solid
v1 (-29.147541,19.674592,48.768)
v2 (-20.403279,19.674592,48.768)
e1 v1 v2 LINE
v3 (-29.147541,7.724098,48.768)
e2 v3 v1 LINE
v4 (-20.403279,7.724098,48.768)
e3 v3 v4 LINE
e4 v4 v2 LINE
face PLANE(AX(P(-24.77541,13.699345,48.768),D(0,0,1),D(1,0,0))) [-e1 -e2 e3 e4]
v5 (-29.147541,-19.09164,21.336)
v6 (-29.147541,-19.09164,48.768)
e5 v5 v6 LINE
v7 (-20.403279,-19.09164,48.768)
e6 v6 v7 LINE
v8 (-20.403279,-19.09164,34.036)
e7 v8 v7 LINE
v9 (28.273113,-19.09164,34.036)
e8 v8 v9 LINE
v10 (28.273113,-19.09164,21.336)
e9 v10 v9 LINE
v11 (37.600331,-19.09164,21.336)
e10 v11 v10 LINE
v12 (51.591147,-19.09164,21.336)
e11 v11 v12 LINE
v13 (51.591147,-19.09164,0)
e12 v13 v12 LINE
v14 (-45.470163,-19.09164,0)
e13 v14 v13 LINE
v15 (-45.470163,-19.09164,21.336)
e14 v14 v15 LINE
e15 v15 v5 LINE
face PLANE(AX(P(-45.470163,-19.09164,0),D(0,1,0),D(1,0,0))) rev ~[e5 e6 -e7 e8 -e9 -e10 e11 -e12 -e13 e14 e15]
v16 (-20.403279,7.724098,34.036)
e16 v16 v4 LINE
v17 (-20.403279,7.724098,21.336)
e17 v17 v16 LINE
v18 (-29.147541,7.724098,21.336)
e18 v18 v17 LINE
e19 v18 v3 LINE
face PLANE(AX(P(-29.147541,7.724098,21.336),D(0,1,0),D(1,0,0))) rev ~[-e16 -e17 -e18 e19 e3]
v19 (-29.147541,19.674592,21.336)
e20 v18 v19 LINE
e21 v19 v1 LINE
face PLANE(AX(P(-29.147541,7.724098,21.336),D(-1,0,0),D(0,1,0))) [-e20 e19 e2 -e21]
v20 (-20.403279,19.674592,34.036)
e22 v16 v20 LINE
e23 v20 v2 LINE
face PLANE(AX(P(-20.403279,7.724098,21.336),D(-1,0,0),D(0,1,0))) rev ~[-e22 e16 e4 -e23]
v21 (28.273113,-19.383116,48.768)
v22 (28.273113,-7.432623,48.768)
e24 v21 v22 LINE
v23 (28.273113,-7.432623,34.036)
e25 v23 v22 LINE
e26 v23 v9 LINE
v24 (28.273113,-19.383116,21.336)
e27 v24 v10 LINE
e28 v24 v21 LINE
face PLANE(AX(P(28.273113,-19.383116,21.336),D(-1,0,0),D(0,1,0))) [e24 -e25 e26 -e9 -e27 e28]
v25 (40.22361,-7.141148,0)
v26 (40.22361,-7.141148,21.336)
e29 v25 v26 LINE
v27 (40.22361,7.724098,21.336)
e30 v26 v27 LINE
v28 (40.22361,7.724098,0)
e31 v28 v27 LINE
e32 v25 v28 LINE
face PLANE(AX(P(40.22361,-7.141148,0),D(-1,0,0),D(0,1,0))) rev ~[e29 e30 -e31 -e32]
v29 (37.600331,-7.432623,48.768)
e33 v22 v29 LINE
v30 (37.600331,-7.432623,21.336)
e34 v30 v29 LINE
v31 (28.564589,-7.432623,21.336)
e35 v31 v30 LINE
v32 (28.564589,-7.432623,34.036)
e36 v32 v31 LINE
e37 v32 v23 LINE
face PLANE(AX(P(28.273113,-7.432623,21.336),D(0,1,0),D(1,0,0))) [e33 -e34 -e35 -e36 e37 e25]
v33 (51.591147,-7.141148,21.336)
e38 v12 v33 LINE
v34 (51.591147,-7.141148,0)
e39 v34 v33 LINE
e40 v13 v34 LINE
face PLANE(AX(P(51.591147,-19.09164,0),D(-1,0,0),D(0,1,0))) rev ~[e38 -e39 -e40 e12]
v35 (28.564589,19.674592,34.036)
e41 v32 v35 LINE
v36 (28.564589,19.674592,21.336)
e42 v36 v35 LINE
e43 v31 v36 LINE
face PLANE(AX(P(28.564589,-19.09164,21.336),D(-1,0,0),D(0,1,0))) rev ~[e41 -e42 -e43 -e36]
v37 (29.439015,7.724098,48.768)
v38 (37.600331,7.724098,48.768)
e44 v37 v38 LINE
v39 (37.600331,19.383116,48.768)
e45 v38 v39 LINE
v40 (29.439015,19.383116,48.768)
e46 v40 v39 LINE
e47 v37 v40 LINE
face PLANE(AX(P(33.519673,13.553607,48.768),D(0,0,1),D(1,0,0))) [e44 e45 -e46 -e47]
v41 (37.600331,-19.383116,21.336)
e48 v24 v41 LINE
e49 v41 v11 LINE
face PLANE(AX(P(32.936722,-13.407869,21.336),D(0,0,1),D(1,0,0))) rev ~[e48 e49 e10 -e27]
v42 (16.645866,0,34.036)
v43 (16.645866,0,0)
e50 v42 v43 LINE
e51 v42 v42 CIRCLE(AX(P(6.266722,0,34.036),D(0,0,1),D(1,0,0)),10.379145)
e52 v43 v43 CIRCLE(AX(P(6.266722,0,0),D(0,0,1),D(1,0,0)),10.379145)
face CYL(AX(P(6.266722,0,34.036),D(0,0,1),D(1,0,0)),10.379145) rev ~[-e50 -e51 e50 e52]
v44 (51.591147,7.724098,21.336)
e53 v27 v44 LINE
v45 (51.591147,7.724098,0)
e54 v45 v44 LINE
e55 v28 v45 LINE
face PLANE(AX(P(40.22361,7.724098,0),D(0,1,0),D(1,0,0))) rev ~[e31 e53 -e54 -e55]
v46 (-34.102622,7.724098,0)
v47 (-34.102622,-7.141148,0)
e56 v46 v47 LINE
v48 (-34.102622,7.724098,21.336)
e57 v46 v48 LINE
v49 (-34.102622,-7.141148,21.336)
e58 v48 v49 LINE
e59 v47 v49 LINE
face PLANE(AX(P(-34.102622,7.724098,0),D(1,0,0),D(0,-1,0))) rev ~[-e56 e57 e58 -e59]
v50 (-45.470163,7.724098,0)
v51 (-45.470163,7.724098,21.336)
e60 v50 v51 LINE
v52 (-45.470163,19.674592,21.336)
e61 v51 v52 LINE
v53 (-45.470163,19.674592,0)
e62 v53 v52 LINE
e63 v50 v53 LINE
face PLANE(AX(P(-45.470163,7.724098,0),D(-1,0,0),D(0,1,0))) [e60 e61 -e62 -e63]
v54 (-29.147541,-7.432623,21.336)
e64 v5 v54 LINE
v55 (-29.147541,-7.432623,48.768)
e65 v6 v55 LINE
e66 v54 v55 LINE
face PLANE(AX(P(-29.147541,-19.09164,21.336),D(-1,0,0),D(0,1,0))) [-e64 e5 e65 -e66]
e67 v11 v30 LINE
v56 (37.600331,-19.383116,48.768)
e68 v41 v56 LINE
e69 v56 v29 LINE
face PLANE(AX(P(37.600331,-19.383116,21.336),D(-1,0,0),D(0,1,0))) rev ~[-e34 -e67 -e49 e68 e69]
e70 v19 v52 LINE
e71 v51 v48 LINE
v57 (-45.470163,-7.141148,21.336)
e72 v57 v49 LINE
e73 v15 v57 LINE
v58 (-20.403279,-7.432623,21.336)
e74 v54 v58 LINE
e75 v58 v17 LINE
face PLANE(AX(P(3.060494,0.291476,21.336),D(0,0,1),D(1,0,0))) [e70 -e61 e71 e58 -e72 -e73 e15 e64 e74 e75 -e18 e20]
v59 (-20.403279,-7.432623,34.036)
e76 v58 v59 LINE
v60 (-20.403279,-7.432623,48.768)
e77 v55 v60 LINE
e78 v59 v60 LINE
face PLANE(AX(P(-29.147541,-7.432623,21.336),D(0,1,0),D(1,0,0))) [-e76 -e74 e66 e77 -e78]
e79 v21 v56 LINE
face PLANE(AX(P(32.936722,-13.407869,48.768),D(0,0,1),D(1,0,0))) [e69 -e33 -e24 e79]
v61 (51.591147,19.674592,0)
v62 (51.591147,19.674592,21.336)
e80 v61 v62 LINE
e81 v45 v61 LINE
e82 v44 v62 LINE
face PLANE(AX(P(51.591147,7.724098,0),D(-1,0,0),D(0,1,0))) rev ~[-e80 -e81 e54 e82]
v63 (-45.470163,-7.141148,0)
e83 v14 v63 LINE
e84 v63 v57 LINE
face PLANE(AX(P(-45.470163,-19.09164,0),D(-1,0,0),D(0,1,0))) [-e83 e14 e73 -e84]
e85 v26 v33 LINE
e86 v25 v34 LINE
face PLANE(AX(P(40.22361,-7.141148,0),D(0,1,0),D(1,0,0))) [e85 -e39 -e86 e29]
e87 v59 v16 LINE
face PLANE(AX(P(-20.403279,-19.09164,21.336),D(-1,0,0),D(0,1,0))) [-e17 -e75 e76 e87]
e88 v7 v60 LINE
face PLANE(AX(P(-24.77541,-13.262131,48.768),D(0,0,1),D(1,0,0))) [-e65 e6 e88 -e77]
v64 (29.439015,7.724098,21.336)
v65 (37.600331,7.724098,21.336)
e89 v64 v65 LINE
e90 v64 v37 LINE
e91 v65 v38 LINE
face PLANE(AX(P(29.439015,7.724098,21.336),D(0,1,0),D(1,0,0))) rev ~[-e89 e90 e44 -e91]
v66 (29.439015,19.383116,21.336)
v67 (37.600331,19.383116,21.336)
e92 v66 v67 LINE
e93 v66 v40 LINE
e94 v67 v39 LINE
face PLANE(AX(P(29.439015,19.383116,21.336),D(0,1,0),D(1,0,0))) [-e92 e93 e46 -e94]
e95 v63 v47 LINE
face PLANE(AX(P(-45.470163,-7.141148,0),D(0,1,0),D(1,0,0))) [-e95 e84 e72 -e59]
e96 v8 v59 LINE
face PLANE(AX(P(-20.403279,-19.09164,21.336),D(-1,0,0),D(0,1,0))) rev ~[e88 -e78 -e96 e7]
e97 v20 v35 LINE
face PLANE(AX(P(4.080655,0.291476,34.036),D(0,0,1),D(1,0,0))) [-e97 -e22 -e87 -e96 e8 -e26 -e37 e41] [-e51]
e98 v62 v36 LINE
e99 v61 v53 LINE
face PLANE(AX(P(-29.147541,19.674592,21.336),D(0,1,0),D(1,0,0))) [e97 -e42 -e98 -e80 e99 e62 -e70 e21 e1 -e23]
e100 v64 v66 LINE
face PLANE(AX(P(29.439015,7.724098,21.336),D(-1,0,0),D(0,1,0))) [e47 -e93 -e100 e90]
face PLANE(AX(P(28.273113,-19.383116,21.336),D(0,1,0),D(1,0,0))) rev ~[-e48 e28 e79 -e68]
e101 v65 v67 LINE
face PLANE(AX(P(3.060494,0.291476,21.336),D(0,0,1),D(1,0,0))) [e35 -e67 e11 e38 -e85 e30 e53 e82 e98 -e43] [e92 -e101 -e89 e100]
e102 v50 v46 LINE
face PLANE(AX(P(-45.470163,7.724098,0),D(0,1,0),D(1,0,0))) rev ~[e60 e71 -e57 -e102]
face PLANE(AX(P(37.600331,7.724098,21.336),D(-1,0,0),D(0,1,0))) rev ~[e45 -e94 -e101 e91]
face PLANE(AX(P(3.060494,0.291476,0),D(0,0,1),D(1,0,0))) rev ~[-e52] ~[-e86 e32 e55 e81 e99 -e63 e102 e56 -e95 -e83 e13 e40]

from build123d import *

# Parameters (mm, degrees)
F0_W     = 11.3675408065
F0_H     = 11.9504919276
F0_W_2   = 11.3675370812
F0_H_2   = 11.9504933245
F1_DEPTH = 21.336
F2_W     = 48.9678680897
F2_H     = 38.7662313879
F3_DEPTH = 12.7
F4_W     = 8.7442621589
F4_H     = 11.9504933245
F4_H_2   = 11.659016367
F4_W_2   = 8.1613156945
F4_H_3   = 11.6590172984
F4_W_3   = 9.3272179365
F4_H_4   = 11.9504923932
F5_DEPTH = 27.432
F6_R     = 10.3791447845
F7_DEPTH = 76.2


with BuildPart() as f1:
    # F0 (on Top) → F1 (new body)
    with BuildSketch(Plane.XY):
        Polygon((-34.1026224196, -7.1411477402), (-34.1026224196, -19.0916396677), (40.2236096561, -19.0916396677), (40.2236096561, -7.1411477402), (40.2236096561, 7.7240983956), (40.2236096561, 19.6745917201), (-34.1026224196, 19.6745917201), (-34.1026224196, 7.7240983956), align=None)
        with Locations((-39.7863928229, -13.116393704)):
            Rectangle(F0_W, F0_H)
        with Locations((45.9073781967, -13.116393704)):
            Rectangle(F0_W_2, F0_H)
        with Locations((-39.7863928229, 13.6993450578)):
            Rectangle(F0_W, F0_H_2)
        with Locations((45.9073781967, 13.6993450578)):
            Rectangle(F0_W_2, F0_H_2)
    extrude(amount=F1_DEPTH)

    # F2 (on face) → F3 (join)
    with BuildSketch(Plane.XY.offset(21.336)):
        with Locations((4.0806550533, 0.2914760262)):
            Rectangle(F2_W, F2_H)
    extrude(amount=F3_DEPTH)

    # F4 (on face) → F5 (join)
    with BuildSketch(Plane.XY.offset(21.336)):
        with Locations((-24.775410071, 13.6993450578)):
            Rectangle(F4_W, F4_H)
        with Locations((-24.775410071, -13.2621314842)):
            Rectangle(F4_W, F4_H_2)
        with Locations((33.5196731612, 13.5536070447)):
            Rectangle(F4_W_2, F4_H_3)
        with Locations((32.9367220402, -13.4078694973)):
            Rectangle(F4_W_3, F4_H_4)
    extrude(amount=F5_DEPTH)

    # F6 (on face) → F7 (cut)
    with BuildSketch(Plane.XY.offset(34.036)):
        with Locations((6.2667215243, 0)):
            Circle(F6_R)
    extrude(amount=-F7_DEPTH, mode=Mode.SUBTRACT)


solid = f1.part
